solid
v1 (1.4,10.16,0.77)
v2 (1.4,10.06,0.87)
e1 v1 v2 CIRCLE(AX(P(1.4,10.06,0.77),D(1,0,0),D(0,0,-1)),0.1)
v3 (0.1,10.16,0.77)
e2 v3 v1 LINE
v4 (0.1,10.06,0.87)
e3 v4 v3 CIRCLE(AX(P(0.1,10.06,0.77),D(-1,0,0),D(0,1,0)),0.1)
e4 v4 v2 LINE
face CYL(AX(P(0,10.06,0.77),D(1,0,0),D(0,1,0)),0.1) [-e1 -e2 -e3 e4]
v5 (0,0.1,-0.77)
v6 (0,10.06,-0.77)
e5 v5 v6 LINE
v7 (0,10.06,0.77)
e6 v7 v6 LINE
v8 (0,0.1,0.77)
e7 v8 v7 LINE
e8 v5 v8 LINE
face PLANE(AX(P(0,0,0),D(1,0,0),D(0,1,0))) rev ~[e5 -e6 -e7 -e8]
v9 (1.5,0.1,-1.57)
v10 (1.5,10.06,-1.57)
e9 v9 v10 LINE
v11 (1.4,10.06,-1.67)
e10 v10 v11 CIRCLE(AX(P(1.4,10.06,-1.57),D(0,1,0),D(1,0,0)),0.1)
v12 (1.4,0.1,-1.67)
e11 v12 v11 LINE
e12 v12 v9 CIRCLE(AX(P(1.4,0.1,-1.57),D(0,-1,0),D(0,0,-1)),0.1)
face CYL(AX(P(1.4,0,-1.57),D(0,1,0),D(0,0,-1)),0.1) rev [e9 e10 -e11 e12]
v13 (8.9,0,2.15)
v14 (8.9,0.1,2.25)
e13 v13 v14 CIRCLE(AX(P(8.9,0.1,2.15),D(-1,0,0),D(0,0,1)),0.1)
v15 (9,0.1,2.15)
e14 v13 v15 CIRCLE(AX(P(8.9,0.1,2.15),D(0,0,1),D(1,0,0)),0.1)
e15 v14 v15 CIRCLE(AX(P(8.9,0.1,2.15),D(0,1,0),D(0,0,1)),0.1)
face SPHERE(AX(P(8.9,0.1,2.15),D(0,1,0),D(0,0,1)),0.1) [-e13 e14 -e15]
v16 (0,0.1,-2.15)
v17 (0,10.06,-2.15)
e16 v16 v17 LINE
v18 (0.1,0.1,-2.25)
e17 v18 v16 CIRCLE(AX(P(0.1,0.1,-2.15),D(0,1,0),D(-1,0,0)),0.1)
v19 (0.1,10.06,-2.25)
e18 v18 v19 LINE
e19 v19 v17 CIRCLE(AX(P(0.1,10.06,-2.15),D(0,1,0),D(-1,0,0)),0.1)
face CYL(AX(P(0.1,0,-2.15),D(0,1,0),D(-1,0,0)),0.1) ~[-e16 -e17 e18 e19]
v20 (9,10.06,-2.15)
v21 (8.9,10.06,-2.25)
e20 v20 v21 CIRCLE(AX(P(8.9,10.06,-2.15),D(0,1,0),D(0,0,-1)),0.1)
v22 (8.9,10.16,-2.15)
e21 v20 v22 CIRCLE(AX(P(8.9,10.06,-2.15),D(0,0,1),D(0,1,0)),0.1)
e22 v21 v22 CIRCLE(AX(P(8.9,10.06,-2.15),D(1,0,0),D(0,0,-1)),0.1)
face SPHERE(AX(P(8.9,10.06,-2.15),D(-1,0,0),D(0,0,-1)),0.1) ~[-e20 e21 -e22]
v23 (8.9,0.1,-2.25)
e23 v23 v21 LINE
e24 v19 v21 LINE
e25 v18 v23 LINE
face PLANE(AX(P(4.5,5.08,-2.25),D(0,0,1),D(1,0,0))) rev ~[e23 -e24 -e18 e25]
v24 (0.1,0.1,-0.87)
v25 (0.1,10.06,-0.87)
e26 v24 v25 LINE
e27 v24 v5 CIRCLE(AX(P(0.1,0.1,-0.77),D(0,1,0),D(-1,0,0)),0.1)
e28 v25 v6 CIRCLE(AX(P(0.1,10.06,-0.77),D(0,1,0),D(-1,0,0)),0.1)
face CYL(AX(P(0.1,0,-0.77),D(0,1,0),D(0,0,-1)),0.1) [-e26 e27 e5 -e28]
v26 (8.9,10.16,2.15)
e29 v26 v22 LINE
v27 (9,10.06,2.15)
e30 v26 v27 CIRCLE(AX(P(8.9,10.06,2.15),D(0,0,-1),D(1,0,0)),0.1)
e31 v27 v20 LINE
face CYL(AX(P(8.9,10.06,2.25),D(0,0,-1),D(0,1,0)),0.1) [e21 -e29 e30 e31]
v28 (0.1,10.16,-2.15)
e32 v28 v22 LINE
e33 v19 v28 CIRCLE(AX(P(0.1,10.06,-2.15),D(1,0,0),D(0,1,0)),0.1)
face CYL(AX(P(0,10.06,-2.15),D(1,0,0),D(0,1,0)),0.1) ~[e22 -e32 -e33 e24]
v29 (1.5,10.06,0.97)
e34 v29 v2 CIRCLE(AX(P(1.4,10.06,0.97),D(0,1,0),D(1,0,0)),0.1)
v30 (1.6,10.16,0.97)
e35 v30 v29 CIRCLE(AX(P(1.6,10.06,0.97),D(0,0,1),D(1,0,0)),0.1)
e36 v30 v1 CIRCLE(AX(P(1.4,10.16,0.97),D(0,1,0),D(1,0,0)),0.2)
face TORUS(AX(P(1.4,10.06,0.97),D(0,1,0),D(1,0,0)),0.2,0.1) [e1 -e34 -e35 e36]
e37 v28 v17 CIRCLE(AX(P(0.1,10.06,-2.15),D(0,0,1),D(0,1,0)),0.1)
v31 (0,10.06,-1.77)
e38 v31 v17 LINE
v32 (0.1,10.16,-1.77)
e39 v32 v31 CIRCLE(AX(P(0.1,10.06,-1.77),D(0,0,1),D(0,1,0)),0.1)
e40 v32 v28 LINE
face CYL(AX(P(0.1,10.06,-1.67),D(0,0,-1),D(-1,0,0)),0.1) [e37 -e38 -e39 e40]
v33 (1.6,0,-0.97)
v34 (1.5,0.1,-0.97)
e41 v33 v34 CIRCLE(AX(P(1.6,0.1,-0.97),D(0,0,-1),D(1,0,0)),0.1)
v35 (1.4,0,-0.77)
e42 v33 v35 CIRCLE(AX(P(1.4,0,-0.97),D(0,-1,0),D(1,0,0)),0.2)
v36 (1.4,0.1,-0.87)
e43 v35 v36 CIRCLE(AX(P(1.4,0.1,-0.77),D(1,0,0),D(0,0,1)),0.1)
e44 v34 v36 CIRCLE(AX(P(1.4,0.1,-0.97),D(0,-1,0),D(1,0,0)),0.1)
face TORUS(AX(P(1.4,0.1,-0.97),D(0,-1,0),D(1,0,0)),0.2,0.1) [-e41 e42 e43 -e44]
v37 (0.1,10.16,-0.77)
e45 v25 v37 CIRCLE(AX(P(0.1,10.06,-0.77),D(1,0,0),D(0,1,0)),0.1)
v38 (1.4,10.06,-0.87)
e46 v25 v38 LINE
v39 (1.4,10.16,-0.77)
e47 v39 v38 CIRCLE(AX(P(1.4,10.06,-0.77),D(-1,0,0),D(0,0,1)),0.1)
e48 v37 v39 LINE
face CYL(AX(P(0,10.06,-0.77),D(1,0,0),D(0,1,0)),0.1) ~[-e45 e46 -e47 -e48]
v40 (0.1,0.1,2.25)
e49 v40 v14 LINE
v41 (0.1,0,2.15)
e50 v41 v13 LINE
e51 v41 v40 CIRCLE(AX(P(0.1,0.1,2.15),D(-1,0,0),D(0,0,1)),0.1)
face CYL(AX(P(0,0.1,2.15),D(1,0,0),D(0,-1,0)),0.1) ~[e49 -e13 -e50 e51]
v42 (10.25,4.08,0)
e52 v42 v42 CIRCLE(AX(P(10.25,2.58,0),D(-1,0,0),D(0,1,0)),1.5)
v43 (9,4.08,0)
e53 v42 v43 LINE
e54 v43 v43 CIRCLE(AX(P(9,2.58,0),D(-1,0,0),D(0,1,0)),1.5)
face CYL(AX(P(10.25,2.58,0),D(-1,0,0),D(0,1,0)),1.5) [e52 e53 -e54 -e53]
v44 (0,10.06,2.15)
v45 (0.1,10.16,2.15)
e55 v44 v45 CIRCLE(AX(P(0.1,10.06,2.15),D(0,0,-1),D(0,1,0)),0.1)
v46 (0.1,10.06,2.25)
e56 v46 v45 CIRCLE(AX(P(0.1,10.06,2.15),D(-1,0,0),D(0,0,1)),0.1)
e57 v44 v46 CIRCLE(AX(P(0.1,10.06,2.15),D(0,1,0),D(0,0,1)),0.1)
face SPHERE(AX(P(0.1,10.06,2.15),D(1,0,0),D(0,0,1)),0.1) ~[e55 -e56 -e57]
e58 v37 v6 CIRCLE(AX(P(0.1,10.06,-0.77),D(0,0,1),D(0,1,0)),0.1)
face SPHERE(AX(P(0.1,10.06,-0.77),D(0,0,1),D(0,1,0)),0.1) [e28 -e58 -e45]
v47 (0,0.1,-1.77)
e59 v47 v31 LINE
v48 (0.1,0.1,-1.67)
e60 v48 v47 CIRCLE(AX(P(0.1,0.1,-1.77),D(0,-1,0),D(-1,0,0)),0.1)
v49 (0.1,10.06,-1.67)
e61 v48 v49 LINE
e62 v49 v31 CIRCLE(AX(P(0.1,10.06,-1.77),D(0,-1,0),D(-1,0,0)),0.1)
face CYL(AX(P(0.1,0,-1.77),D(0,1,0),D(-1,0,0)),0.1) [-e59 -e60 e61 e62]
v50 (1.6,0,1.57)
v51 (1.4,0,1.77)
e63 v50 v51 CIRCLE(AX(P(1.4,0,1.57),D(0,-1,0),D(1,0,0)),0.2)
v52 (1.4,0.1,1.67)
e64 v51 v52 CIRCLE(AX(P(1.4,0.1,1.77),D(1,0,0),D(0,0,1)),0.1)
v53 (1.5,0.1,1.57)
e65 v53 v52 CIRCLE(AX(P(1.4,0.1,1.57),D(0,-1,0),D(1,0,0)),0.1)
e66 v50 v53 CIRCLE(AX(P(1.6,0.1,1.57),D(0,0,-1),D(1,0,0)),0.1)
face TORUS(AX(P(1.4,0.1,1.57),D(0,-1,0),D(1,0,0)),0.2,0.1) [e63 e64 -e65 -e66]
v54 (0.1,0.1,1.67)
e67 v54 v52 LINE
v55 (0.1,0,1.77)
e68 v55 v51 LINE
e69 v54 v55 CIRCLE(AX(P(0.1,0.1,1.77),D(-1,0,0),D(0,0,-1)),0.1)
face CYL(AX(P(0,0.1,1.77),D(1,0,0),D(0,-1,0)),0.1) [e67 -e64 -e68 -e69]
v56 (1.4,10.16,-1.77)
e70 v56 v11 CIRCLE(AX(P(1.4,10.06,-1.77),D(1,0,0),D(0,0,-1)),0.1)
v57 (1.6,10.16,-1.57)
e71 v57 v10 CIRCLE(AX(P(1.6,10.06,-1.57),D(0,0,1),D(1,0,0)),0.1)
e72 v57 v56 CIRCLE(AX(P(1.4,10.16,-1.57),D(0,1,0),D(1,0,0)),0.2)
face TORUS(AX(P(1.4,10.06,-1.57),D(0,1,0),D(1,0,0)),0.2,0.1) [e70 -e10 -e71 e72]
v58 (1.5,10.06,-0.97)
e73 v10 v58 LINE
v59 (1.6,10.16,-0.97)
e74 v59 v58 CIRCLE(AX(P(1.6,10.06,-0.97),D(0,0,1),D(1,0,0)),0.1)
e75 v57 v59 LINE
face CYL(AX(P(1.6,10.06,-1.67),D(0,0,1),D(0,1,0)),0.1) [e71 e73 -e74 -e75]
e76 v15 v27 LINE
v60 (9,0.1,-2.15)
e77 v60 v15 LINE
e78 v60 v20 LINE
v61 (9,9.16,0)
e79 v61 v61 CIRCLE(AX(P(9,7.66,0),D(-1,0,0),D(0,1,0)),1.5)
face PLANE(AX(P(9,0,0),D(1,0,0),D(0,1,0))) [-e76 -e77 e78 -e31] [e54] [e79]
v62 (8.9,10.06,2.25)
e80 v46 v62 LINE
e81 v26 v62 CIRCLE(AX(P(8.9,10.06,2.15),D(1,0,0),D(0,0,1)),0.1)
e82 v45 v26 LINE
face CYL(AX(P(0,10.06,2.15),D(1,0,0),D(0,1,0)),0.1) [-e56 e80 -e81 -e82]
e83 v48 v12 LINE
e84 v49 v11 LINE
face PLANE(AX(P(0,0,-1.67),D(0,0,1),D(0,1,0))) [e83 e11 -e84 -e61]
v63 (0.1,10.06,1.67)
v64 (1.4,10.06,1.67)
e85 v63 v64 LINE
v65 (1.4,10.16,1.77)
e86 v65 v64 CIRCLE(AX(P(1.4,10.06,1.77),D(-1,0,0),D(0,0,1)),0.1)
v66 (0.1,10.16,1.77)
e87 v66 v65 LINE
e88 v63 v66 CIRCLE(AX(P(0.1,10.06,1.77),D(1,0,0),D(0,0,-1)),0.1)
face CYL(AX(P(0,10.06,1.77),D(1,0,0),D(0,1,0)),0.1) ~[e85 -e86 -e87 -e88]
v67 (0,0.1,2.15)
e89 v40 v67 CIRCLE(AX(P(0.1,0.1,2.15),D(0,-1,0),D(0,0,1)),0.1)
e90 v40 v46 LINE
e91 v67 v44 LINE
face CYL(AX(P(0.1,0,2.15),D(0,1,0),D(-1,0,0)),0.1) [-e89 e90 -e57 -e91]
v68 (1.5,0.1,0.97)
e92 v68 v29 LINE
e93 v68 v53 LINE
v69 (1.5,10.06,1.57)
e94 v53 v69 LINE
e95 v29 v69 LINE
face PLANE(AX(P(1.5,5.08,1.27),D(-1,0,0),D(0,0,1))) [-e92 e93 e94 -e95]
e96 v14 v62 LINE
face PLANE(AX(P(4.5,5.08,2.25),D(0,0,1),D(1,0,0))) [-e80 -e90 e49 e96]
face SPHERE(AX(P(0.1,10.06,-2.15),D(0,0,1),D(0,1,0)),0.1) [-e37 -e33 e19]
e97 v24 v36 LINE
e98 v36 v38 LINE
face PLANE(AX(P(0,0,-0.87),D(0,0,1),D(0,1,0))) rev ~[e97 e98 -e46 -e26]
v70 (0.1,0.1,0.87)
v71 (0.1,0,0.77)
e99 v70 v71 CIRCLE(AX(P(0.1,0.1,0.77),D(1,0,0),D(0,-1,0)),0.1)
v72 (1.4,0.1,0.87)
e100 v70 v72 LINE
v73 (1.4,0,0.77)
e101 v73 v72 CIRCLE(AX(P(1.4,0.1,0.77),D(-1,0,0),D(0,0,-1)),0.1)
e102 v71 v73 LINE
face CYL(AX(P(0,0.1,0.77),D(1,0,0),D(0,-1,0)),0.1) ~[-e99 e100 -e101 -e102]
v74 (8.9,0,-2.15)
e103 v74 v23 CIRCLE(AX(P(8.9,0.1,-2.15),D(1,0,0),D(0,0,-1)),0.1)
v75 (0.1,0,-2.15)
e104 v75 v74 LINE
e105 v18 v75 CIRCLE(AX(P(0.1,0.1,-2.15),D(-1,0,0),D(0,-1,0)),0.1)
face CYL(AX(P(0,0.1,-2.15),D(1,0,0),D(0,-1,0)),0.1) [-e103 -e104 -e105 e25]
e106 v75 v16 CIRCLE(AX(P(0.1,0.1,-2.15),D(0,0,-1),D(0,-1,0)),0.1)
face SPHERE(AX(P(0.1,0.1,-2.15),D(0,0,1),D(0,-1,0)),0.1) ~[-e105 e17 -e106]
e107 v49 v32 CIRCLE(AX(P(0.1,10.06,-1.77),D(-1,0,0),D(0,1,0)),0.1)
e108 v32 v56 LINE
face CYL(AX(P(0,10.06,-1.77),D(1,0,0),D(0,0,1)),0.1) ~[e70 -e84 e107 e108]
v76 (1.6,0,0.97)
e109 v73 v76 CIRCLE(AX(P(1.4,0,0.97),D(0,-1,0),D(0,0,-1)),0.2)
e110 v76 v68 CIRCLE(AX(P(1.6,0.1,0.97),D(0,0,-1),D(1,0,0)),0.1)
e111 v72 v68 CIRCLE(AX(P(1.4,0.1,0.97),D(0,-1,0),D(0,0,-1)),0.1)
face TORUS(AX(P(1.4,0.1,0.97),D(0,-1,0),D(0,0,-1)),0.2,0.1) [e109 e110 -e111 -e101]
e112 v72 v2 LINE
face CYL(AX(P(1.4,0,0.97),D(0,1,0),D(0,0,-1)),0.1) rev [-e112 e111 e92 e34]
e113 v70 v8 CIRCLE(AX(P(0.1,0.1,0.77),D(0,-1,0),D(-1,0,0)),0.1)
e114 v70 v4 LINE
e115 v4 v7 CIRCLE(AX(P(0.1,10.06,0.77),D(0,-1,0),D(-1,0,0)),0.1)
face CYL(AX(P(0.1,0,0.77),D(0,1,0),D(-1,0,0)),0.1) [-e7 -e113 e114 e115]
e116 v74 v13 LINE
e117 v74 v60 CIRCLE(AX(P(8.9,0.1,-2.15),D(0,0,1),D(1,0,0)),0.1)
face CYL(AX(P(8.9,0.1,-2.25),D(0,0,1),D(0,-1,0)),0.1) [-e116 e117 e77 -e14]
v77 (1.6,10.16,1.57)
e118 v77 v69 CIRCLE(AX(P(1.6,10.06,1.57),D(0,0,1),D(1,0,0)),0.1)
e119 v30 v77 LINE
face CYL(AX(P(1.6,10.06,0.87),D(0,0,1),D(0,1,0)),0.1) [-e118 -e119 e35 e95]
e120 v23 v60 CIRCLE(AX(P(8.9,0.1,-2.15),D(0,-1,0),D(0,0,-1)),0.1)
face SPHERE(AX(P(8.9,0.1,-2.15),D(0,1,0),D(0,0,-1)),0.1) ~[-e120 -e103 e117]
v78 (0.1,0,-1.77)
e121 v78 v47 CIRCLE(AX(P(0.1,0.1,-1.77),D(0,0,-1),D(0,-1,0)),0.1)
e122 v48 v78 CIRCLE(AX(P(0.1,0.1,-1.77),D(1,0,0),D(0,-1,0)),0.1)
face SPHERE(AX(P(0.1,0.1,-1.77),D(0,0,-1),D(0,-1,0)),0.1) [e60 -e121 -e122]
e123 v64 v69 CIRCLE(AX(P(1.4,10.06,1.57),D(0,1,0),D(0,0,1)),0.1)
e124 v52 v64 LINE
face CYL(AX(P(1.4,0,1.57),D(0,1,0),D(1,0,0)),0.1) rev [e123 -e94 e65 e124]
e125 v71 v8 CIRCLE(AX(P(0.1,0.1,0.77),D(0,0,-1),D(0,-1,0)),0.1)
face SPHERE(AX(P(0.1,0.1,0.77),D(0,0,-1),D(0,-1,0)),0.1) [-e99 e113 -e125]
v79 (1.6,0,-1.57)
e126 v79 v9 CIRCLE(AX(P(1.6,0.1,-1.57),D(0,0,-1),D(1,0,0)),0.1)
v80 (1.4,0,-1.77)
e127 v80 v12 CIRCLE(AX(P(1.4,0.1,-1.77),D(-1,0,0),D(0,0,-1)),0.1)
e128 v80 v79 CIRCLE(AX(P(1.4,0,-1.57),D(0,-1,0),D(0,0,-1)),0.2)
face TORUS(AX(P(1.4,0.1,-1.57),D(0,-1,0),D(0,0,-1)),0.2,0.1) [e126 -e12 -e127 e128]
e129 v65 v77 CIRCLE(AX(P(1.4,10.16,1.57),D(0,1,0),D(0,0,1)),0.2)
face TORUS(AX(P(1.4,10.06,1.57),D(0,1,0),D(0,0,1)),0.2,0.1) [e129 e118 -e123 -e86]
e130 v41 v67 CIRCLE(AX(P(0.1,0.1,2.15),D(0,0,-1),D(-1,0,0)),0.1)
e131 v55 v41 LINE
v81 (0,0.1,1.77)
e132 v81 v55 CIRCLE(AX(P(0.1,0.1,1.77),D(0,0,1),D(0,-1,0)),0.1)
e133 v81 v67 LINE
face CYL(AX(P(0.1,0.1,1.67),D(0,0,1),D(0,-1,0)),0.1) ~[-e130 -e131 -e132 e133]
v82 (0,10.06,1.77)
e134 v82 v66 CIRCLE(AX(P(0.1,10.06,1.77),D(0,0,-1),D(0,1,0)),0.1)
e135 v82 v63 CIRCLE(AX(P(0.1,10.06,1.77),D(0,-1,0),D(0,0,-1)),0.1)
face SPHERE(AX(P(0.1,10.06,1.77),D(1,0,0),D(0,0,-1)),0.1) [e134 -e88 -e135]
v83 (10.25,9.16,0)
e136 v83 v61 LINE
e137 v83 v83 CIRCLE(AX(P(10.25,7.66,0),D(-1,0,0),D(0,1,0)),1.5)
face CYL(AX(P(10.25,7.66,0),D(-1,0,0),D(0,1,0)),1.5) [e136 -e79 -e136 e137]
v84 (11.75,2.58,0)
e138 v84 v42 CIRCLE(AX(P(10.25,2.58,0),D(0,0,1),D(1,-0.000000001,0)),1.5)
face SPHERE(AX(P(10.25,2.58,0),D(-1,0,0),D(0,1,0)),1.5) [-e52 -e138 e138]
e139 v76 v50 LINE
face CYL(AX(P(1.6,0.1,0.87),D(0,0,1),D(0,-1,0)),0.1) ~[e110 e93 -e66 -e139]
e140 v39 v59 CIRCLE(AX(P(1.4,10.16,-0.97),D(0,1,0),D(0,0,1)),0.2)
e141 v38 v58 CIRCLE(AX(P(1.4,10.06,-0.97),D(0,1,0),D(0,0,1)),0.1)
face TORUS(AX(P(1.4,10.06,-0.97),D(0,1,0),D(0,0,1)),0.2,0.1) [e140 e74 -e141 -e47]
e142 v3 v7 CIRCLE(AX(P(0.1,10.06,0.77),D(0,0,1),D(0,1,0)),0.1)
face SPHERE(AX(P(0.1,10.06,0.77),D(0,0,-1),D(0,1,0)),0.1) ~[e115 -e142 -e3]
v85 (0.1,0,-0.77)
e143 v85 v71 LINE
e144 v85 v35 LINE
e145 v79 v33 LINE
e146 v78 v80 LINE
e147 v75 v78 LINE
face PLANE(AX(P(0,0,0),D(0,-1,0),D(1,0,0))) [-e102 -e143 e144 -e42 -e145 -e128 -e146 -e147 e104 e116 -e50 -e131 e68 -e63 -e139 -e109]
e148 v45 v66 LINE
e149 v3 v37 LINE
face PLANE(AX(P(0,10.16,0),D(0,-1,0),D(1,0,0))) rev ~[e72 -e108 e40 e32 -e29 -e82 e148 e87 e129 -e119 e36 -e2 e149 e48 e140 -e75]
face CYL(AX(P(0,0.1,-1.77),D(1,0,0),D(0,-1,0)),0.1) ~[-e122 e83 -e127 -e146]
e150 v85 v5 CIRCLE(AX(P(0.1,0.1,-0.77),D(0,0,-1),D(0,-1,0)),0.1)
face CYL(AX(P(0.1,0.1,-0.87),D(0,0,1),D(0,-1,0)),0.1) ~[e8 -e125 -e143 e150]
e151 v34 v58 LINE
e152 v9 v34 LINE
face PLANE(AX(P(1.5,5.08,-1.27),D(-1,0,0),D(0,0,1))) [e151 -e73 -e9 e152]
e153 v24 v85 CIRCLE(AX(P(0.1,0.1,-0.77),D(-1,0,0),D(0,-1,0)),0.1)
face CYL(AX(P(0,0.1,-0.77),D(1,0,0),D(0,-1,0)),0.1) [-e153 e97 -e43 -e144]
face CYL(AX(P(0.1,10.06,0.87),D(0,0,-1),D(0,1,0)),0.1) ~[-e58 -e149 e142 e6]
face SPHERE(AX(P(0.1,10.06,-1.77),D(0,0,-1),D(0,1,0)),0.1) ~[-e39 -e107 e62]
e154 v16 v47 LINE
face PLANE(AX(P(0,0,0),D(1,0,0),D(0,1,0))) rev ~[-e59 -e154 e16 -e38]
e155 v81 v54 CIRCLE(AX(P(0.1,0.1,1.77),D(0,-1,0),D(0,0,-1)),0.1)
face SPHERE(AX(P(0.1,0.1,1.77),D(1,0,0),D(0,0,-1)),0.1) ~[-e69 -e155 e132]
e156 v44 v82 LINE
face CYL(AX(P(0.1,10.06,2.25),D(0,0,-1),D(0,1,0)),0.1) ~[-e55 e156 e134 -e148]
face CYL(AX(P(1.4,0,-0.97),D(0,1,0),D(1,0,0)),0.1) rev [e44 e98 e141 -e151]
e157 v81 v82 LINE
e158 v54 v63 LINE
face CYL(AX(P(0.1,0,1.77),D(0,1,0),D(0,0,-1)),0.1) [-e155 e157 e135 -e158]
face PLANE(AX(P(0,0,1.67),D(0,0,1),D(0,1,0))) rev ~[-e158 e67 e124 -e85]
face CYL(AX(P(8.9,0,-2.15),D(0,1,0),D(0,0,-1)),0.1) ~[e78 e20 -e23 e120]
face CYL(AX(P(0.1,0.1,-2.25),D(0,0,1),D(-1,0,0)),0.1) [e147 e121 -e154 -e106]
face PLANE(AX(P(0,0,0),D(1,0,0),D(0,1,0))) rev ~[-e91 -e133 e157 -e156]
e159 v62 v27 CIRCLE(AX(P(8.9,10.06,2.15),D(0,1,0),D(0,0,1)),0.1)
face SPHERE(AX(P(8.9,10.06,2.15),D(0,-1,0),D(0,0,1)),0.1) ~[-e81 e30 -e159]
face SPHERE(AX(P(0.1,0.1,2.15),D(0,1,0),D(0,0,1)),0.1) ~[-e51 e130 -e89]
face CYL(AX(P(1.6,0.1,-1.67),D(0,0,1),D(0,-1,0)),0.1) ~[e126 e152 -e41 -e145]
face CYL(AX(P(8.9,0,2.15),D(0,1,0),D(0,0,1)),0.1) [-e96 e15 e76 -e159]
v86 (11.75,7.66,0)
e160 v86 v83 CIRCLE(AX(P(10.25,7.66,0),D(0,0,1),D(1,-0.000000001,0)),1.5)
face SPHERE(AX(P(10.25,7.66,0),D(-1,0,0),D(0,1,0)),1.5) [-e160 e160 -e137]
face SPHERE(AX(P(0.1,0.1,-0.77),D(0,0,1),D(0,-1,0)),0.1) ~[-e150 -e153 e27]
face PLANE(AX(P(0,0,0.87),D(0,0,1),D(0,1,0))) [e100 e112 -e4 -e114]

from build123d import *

# Parameters (mm, degrees)
SKETCH1_W           = 9
SKETCH1_H           = 10.16
BOSS_EXTRUDE1_DEPTH = 2.25
SKETCH2_W           = 0.8
SKETCH2_H           = 10.16
CUT_EXTRUDE1_DEPTH  = 1.5
LPATTERN1_COUNT     = 2
LPATTERN1_PITCH     = 5.08
FILLET1_R           = 0.1


with BuildPart() as part:
    # Sketch1 → Boss-Extrude1 (new body, symmetric)
    with BuildSketch(Plane.XY):
        with Locations((4.5, 5.08)):
            Rectangle(SKETCH1_W, SKETCH1_H)
    extrude(amount=BOSS_EXTRUDE1_DEPTH, both=True)

    # Sketch2 → Cut-Extrude1 (cut)
    with BuildSketch(Plane.ZY):
        with Locations((-1.27, 5.08)):
            Rectangle(SKETCH2_W, SKETCH2_H)
        with Locations((1.27, 5.08)):
            Rectangle(SKETCH2_W, SKETCH2_H)
    extrude(amount=-CUT_EXTRUDE1_DEPTH, mode=Mode.SUBTRACT)

    # Sketch3 → Revolve4 (revolve)
    with BuildSketch(Plane.XY):
        with BuildLine():
            Line((10.25, 9.16), (9, 9.16))
            Line((9, 9.16), (9, 7.66))
            Line((9, 7.66), (11.75, 7.66))
            ThreePointArc((11.75, 7.66), (11.310660172, 8.720660172), (10.25, 9.16))
        make_face()
    revolve4 = revolve(axis=Axis((11.75, 7.66, 0), (-1, 0, 0)))

    # LPattern1: Revolve4 ×2
    with Locations(*[(0, -i * LPATTERN1_PITCH, 0) for i in range(1, LPATTERN1_COUNT)]):
        add(revolve4)

    # Fillet1
    fillet1_edges = [part.edges().sort_by_distance(p)[0] for p in [
        (9, 5.08, 2.25),
        (4.5, 10.16, 2.25),
        (0, 10.16, 0),
        (0, 10.16, -1.96),
        (0, 0, 0),
        (0, 0, -1.96),
        (1.5, 5.08, -0.87),
        (0.75, 10.16, -0.87),
        (1.5, 0, -1.27),
        (0.75, 0, -0.87),
        (1.5, 5.08, -1.67),
        (0.75, 0, -1.67),
        (1.5, 10.16, -1.27),
        (0.75, 10.16, -1.67),
        (0, 5.08, -0.87),
        (0, 5.08, -1.67),
        (1.5, 5.08, 1.67),
        (0.75, 10.16, 1.67),
        (1.5, 0, 1.27),
        (0.75, 0, 1.67),
        (1.5, 5.08, 0.87),
        (0.75, 0, 0.87),
        (1.5, 10.16, 1.27),
        (0.75, 10.16, 0.87),
        (0, 5.08, 1.67),
        (0, 5.08, 0.87),
        (0, 5.08, 2.25),
        (4.5, 10.16, -2.25),
        (9, 5.08, -2.25),
        (4.5, 0, -2.25),
        (0, 5.08, -2.25),
        (4.5, 0, 2.25),
        (0, 10.16, 1.96),
        (9, 10.16, 0),
        (9, 0, 0),
        (0, 0, 1.96),
    ]]
    fillet(fillet1_edges, radius=FILLET1_R)


solid = part.part
